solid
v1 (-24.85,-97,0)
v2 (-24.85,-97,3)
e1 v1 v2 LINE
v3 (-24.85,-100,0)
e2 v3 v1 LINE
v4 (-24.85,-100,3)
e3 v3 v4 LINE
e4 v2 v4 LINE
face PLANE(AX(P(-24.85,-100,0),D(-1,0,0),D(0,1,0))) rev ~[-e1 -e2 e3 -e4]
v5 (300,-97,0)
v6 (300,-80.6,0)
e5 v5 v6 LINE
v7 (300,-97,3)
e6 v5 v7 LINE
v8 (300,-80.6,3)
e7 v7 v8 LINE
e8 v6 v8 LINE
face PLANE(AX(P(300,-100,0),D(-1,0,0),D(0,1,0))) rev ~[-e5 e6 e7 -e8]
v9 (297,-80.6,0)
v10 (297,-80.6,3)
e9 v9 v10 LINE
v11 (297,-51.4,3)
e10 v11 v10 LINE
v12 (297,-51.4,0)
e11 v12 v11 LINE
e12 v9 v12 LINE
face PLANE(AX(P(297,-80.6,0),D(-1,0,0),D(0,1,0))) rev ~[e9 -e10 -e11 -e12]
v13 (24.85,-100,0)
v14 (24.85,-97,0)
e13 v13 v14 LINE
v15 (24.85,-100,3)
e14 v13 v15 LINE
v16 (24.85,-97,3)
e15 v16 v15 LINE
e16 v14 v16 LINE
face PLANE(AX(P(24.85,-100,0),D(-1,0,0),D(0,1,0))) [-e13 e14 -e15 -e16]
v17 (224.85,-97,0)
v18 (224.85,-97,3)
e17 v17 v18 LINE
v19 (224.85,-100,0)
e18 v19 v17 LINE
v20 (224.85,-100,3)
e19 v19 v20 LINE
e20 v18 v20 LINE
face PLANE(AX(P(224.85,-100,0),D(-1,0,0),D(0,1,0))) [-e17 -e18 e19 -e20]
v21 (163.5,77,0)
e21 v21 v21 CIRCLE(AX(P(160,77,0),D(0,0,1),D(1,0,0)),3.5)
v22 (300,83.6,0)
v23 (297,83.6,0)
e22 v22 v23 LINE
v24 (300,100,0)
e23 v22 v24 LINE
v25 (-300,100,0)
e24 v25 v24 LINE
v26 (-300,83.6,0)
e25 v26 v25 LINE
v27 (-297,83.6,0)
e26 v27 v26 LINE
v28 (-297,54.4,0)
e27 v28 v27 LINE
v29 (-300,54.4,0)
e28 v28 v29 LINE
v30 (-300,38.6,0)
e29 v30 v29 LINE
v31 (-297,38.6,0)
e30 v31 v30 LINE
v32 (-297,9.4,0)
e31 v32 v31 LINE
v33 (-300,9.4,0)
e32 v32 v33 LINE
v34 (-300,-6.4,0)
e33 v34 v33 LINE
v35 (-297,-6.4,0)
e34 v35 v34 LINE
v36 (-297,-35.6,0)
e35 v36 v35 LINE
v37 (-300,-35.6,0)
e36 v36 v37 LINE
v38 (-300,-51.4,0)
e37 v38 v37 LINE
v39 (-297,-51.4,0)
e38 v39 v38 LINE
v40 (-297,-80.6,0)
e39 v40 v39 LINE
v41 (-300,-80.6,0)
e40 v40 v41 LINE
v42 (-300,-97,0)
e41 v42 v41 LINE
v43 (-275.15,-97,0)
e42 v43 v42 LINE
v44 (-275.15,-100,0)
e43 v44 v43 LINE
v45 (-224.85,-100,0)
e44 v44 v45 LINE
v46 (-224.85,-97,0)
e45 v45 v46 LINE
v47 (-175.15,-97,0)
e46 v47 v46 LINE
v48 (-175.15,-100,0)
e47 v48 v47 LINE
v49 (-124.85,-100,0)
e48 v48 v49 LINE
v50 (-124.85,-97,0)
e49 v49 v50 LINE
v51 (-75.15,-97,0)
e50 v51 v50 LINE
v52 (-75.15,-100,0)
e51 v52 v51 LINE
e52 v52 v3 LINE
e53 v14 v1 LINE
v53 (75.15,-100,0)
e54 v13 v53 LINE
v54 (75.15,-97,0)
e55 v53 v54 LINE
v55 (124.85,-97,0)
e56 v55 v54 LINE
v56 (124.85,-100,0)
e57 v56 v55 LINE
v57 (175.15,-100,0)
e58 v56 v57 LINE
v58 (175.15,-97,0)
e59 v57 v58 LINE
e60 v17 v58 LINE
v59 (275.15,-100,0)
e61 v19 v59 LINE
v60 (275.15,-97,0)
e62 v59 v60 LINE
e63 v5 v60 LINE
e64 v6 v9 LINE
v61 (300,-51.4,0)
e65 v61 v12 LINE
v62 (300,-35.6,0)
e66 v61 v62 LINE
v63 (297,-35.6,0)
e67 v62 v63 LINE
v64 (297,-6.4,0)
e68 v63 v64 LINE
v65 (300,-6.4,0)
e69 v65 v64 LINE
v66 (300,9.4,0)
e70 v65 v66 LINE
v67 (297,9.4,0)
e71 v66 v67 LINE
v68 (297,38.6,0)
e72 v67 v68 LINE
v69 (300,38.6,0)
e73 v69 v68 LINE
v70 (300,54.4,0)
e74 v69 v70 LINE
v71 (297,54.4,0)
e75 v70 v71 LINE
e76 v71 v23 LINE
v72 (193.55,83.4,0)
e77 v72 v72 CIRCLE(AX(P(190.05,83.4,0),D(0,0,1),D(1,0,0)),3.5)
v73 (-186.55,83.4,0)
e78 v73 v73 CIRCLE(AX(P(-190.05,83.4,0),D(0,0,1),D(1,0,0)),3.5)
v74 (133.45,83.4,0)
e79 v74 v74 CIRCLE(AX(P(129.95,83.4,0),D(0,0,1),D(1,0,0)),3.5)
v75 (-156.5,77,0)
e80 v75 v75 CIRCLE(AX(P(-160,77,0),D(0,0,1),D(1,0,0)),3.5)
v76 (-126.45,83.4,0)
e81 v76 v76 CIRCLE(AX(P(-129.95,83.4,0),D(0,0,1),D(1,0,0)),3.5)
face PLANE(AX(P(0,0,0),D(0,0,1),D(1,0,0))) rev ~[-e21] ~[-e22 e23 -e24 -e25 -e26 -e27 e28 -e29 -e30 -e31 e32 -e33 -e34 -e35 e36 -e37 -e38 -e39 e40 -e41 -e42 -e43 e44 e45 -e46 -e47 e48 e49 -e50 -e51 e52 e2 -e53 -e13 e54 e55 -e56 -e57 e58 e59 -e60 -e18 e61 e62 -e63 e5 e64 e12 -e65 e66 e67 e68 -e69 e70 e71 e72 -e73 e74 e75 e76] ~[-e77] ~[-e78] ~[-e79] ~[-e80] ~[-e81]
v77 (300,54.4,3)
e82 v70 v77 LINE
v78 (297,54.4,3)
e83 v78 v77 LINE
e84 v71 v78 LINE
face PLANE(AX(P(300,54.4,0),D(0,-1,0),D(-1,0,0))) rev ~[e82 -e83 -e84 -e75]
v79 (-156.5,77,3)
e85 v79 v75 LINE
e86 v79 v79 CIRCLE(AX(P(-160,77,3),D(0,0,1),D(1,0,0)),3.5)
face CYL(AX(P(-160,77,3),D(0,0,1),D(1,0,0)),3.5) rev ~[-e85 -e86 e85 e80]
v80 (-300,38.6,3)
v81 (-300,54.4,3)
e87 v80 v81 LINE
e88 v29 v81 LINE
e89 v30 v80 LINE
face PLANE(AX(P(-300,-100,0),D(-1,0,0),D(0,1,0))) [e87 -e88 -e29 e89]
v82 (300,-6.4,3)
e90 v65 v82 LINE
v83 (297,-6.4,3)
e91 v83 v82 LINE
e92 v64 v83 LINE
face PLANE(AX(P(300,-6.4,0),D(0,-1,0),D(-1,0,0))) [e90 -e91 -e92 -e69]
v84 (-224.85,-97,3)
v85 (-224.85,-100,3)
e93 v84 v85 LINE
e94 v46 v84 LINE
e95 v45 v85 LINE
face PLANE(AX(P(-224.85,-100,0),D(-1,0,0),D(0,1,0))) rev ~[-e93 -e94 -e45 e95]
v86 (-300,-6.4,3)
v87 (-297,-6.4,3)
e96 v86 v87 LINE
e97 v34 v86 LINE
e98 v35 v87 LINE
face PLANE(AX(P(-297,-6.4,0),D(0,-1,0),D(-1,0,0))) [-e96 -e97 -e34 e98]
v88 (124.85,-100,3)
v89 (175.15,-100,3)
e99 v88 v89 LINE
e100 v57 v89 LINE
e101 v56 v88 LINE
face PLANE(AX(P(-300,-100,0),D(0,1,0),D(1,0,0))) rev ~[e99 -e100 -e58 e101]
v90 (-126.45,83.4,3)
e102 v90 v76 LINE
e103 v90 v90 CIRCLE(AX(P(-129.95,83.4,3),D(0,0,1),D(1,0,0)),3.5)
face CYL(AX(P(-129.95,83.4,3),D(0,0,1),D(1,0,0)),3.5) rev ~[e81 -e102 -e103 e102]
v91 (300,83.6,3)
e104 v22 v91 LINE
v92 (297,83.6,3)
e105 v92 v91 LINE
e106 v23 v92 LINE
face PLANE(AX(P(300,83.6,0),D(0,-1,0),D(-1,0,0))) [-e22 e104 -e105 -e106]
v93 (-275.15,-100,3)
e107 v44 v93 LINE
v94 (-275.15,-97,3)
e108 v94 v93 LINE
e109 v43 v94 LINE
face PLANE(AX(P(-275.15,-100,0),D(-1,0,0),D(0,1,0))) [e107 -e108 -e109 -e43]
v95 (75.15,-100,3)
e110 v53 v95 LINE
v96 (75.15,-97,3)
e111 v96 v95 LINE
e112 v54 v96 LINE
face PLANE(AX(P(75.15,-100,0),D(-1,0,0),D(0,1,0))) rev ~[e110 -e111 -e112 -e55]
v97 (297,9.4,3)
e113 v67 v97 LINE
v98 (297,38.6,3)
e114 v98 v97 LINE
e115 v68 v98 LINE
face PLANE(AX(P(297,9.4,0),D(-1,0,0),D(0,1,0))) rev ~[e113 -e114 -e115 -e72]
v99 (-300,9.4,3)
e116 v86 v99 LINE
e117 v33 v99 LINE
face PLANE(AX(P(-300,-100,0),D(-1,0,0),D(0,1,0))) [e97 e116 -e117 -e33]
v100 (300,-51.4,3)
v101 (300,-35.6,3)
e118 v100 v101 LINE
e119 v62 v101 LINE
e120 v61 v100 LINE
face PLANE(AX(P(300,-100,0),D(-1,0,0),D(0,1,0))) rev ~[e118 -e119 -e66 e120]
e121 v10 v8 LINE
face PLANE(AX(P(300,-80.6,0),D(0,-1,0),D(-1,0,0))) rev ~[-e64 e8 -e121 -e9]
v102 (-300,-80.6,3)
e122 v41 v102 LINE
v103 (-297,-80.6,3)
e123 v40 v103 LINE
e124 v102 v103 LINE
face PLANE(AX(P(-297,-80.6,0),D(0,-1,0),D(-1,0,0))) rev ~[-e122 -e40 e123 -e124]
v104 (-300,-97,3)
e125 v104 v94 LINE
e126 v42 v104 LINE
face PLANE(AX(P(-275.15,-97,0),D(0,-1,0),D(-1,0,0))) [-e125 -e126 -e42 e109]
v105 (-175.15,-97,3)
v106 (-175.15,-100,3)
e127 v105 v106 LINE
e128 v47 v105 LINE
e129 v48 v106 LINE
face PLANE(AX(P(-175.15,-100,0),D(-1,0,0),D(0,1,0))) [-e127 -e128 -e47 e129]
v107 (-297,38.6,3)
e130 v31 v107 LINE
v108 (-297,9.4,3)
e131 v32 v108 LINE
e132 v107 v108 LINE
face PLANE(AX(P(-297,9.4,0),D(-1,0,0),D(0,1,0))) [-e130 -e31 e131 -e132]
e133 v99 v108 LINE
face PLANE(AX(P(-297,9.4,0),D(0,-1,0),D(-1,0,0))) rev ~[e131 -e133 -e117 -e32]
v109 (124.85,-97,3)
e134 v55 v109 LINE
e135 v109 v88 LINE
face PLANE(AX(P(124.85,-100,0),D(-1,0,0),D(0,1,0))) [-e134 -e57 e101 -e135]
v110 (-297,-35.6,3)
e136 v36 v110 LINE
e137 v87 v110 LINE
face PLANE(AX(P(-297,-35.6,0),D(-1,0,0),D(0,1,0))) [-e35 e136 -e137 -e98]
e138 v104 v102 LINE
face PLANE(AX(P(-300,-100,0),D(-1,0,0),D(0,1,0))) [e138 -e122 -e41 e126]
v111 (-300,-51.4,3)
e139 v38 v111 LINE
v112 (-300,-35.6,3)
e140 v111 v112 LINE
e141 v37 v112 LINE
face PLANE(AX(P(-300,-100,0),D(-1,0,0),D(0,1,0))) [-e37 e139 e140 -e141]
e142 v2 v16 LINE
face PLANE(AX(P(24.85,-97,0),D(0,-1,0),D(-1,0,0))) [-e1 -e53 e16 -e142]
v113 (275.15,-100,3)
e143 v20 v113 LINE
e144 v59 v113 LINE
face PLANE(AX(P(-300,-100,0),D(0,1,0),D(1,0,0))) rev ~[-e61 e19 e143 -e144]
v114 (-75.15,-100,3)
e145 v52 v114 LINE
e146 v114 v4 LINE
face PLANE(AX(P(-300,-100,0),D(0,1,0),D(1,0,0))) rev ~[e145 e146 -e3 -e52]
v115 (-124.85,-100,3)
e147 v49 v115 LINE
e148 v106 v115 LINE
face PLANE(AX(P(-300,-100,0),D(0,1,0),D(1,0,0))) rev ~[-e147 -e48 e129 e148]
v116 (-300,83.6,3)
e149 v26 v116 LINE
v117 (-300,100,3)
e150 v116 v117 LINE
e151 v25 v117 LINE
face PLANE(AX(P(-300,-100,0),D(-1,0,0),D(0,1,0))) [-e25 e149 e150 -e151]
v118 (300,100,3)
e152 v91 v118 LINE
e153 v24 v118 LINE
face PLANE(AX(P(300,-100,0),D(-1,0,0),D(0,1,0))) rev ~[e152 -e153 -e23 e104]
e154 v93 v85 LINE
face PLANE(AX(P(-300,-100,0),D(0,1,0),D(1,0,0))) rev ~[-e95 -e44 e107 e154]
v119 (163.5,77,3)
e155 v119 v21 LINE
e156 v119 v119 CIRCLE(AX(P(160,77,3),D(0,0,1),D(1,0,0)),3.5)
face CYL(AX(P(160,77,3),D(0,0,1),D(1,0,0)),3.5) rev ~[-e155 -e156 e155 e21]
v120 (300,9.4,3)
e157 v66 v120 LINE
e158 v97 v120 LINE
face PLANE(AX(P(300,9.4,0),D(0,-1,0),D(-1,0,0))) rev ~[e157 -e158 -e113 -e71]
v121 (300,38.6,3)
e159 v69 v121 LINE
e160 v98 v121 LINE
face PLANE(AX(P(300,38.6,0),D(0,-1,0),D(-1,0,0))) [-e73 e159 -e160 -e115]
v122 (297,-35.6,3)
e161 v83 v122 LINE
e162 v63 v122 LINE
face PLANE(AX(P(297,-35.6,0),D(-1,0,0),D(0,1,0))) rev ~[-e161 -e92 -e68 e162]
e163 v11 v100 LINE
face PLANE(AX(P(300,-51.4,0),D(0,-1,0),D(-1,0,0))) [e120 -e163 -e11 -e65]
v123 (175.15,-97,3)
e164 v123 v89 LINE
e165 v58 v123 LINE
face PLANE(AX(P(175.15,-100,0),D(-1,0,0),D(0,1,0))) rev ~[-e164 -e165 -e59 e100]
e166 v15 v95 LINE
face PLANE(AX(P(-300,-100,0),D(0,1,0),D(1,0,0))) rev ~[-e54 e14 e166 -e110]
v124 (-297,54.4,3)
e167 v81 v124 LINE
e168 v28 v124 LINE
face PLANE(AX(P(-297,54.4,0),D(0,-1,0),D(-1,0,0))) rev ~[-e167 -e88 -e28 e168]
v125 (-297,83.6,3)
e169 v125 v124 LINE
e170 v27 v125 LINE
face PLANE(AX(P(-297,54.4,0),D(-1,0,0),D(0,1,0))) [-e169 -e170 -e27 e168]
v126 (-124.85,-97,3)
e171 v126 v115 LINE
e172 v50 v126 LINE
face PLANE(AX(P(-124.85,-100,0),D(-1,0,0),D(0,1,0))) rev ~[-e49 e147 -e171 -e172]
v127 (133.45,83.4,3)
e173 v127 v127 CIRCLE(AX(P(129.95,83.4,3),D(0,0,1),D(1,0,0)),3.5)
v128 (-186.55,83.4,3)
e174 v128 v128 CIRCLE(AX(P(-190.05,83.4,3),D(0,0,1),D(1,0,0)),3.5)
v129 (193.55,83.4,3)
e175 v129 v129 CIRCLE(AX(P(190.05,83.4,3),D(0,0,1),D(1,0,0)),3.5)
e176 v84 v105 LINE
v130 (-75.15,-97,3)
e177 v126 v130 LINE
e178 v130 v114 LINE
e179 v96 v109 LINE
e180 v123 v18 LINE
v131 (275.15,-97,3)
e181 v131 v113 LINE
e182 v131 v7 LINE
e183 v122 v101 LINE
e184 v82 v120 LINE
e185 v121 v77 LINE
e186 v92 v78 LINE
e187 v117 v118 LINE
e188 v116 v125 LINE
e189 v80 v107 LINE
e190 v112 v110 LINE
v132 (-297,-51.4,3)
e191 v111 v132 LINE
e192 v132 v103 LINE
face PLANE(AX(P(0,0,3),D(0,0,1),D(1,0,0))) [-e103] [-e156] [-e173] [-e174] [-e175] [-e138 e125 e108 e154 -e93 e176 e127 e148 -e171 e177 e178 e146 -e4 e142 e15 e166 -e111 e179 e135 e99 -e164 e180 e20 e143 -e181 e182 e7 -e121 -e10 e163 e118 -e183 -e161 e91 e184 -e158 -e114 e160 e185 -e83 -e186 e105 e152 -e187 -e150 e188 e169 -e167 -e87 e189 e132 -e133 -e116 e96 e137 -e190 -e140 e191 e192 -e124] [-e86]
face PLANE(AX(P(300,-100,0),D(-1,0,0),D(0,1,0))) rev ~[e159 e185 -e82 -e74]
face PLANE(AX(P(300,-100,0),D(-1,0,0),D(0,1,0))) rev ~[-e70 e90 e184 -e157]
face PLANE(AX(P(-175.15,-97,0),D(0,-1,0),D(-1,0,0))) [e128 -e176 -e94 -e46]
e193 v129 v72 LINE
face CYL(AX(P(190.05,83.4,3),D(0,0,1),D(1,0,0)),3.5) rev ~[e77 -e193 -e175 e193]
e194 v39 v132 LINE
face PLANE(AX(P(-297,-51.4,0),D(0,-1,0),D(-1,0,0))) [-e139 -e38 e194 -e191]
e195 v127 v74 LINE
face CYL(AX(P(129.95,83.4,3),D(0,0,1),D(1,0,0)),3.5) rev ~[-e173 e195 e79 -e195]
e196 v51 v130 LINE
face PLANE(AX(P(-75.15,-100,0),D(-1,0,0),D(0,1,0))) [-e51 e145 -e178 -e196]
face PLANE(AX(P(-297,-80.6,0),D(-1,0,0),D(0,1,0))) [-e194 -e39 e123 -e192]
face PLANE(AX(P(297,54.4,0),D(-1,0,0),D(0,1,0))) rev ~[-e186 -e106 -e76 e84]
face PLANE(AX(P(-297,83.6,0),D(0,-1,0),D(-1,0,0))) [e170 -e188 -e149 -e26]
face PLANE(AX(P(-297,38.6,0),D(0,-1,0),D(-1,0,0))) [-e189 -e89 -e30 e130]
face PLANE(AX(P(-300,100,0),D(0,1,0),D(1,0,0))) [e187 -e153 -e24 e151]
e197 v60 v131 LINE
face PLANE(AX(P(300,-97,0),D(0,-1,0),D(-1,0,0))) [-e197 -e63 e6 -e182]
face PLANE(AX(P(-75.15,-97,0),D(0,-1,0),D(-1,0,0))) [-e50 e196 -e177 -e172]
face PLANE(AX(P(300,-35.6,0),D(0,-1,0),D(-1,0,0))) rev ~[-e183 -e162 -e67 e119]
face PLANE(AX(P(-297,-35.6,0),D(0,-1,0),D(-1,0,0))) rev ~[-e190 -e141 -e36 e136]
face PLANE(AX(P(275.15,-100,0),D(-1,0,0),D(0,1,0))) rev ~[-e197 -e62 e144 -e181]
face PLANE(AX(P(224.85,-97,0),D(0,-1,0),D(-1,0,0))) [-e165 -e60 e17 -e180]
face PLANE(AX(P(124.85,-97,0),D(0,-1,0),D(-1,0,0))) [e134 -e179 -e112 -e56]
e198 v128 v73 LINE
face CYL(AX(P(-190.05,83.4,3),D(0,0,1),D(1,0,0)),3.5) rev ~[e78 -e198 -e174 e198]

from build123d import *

# Parameters (mm, degrees)
CROQUIS1_W              = 600
CROQUIS1_H              = 200
SALIENTE_EXTRUIR1_DEPTH = 3
CROQUIS2_W              = 3
CROQUIS2_H              = 29.2
CROQUIS2_W_2            = 24.85
CROQUIS2_H_2            = 3
CROQUIS2_W_3            = 49.7
CORTAR_EXTRUIR1_DEPTH   = 4
CORTAR_EXTRUIR2_DEPTH   = 4


with BuildPart() as part:
    # Croquis1 → Saliente-Extruir1 (new body)
    with BuildSketch(Plane.XY):
        Rectangle(CROQUIS1_W, CROQUIS1_H)
    extrude(amount=SALIENTE_EXTRUIR1_DEPTH)

    # Croquis2 → Cortar-Extruir1 (cut, through all)
    with BuildSketch(Plane(origin=(0, 0, 0), x_dir=(-1, 0, 0), z_dir=(0, 0, -1))):
        with Locations((-298.5, 69)):
            Rectangle(CROQUIS2_W, CROQUIS2_H)
        with Locations((298.5, 69)):
            Rectangle(CROQUIS2_W, CROQUIS2_H)
        with Locations((-298.5, 24)):
            Rectangle(CROQUIS2_W, CROQUIS2_H)
        with Locations((298.5, 24)):
            Rectangle(CROQUIS2_W, CROQUIS2_H)
        with Locations((-298.5, -21)):
            Rectangle(CROQUIS2_W, CROQUIS2_H)
        with Locations((298.5, -21)):
            Rectangle(CROQUIS2_W, CROQUIS2_H)
        with Locations((-298.5, -66)):
            Rectangle(CROQUIS2_W, CROQUIS2_H)
        with Locations((298.5, -66)):
            Rectangle(CROQUIS2_W, CROQUIS2_H)
        with Locations((-287.575, -98.5)):
            Rectangle(CROQUIS2_W_2, CROQUIS2_H_2)
        with Locations((287.575, -98.5)):
            Rectangle(CROQUIS2_W_2, CROQUIS2_H_2)
        with Locations((-200, -98.5)):
            Rectangle(CROQUIS2_W_3, CROQUIS2_H_2)
        with Locations((200, -98.5)):
            Rectangle(CROQUIS2_W_3, CROQUIS2_H_2)
        with Locations((-100, -98.5)):
            Rectangle(CROQUIS2_W_3, CROQUIS2_H_2)
        with Locations((100, -98.5)):
            Rectangle(CROQUIS2_W_3, CROQUIS2_H_2)
        with Locations((0, -98.5)):
            Rectangle(CROQUIS2_W_3, CROQUIS2_H_2)
    extrude(amount=-CORTAR_EXTRUIR1_DEPTH, mode=Mode.SUBTRACT)

    # Croquis3 → Cortar-Extruir2 (cut, through all)
    with BuildSketch(Plane.XY.offset(3)):
        with BuildLine():
            ThreePointArc((-163.5, 77), (-160, 73.5), (-156.5, 77))
            ThreePointArc((-156.5, 77), (-160, 80.5), (-163.5, 77))
        make_face()
        with BuildLine():
            ThreePointArc((-133.45, 83.4), (-129.95, 79.9), (-126.45, 83.4))
            ThreePointArc((-126.45, 83.4), (-129.95, 86.9), (-133.45, 83.4))
        make_face()
        with BuildLine():
            ThreePointArc((126.45, 83.4), (129.95, 79.9), (133.45, 83.4))
            ThreePointArc((133.45, 83.4), (129.95, 86.9), (126.45, 83.4))
        make_face()
        with BuildLine():
            ThreePointArc((156.5, 77), (160, 73.5), (163.5, 77))
            ThreePointArc((163.5, 77), (160, 80.5), (156.5, 77))
        make_face()
        with BuildLine():
            ThreePointArc((186.55, 83.4), (190.05, 79.9), (193.55, 83.4))
            ThreePointArc((193.55, 83.4), (190.05, 86.9), (186.55, 83.4))
        make_face()
        with BuildLine():
            ThreePointArc((-193.55, 83.4), (-190.05, 79.9), (-186.55, 83.4))
            ThreePointArc((-186.55, 83.4), (-190.05, 86.9), (-193.55, 83.4))
        make_face()
    extrude(amount=-CORTAR_EXTRUIR2_DEPTH, mode=Mode.SUBTRACT)


solid = part.part
